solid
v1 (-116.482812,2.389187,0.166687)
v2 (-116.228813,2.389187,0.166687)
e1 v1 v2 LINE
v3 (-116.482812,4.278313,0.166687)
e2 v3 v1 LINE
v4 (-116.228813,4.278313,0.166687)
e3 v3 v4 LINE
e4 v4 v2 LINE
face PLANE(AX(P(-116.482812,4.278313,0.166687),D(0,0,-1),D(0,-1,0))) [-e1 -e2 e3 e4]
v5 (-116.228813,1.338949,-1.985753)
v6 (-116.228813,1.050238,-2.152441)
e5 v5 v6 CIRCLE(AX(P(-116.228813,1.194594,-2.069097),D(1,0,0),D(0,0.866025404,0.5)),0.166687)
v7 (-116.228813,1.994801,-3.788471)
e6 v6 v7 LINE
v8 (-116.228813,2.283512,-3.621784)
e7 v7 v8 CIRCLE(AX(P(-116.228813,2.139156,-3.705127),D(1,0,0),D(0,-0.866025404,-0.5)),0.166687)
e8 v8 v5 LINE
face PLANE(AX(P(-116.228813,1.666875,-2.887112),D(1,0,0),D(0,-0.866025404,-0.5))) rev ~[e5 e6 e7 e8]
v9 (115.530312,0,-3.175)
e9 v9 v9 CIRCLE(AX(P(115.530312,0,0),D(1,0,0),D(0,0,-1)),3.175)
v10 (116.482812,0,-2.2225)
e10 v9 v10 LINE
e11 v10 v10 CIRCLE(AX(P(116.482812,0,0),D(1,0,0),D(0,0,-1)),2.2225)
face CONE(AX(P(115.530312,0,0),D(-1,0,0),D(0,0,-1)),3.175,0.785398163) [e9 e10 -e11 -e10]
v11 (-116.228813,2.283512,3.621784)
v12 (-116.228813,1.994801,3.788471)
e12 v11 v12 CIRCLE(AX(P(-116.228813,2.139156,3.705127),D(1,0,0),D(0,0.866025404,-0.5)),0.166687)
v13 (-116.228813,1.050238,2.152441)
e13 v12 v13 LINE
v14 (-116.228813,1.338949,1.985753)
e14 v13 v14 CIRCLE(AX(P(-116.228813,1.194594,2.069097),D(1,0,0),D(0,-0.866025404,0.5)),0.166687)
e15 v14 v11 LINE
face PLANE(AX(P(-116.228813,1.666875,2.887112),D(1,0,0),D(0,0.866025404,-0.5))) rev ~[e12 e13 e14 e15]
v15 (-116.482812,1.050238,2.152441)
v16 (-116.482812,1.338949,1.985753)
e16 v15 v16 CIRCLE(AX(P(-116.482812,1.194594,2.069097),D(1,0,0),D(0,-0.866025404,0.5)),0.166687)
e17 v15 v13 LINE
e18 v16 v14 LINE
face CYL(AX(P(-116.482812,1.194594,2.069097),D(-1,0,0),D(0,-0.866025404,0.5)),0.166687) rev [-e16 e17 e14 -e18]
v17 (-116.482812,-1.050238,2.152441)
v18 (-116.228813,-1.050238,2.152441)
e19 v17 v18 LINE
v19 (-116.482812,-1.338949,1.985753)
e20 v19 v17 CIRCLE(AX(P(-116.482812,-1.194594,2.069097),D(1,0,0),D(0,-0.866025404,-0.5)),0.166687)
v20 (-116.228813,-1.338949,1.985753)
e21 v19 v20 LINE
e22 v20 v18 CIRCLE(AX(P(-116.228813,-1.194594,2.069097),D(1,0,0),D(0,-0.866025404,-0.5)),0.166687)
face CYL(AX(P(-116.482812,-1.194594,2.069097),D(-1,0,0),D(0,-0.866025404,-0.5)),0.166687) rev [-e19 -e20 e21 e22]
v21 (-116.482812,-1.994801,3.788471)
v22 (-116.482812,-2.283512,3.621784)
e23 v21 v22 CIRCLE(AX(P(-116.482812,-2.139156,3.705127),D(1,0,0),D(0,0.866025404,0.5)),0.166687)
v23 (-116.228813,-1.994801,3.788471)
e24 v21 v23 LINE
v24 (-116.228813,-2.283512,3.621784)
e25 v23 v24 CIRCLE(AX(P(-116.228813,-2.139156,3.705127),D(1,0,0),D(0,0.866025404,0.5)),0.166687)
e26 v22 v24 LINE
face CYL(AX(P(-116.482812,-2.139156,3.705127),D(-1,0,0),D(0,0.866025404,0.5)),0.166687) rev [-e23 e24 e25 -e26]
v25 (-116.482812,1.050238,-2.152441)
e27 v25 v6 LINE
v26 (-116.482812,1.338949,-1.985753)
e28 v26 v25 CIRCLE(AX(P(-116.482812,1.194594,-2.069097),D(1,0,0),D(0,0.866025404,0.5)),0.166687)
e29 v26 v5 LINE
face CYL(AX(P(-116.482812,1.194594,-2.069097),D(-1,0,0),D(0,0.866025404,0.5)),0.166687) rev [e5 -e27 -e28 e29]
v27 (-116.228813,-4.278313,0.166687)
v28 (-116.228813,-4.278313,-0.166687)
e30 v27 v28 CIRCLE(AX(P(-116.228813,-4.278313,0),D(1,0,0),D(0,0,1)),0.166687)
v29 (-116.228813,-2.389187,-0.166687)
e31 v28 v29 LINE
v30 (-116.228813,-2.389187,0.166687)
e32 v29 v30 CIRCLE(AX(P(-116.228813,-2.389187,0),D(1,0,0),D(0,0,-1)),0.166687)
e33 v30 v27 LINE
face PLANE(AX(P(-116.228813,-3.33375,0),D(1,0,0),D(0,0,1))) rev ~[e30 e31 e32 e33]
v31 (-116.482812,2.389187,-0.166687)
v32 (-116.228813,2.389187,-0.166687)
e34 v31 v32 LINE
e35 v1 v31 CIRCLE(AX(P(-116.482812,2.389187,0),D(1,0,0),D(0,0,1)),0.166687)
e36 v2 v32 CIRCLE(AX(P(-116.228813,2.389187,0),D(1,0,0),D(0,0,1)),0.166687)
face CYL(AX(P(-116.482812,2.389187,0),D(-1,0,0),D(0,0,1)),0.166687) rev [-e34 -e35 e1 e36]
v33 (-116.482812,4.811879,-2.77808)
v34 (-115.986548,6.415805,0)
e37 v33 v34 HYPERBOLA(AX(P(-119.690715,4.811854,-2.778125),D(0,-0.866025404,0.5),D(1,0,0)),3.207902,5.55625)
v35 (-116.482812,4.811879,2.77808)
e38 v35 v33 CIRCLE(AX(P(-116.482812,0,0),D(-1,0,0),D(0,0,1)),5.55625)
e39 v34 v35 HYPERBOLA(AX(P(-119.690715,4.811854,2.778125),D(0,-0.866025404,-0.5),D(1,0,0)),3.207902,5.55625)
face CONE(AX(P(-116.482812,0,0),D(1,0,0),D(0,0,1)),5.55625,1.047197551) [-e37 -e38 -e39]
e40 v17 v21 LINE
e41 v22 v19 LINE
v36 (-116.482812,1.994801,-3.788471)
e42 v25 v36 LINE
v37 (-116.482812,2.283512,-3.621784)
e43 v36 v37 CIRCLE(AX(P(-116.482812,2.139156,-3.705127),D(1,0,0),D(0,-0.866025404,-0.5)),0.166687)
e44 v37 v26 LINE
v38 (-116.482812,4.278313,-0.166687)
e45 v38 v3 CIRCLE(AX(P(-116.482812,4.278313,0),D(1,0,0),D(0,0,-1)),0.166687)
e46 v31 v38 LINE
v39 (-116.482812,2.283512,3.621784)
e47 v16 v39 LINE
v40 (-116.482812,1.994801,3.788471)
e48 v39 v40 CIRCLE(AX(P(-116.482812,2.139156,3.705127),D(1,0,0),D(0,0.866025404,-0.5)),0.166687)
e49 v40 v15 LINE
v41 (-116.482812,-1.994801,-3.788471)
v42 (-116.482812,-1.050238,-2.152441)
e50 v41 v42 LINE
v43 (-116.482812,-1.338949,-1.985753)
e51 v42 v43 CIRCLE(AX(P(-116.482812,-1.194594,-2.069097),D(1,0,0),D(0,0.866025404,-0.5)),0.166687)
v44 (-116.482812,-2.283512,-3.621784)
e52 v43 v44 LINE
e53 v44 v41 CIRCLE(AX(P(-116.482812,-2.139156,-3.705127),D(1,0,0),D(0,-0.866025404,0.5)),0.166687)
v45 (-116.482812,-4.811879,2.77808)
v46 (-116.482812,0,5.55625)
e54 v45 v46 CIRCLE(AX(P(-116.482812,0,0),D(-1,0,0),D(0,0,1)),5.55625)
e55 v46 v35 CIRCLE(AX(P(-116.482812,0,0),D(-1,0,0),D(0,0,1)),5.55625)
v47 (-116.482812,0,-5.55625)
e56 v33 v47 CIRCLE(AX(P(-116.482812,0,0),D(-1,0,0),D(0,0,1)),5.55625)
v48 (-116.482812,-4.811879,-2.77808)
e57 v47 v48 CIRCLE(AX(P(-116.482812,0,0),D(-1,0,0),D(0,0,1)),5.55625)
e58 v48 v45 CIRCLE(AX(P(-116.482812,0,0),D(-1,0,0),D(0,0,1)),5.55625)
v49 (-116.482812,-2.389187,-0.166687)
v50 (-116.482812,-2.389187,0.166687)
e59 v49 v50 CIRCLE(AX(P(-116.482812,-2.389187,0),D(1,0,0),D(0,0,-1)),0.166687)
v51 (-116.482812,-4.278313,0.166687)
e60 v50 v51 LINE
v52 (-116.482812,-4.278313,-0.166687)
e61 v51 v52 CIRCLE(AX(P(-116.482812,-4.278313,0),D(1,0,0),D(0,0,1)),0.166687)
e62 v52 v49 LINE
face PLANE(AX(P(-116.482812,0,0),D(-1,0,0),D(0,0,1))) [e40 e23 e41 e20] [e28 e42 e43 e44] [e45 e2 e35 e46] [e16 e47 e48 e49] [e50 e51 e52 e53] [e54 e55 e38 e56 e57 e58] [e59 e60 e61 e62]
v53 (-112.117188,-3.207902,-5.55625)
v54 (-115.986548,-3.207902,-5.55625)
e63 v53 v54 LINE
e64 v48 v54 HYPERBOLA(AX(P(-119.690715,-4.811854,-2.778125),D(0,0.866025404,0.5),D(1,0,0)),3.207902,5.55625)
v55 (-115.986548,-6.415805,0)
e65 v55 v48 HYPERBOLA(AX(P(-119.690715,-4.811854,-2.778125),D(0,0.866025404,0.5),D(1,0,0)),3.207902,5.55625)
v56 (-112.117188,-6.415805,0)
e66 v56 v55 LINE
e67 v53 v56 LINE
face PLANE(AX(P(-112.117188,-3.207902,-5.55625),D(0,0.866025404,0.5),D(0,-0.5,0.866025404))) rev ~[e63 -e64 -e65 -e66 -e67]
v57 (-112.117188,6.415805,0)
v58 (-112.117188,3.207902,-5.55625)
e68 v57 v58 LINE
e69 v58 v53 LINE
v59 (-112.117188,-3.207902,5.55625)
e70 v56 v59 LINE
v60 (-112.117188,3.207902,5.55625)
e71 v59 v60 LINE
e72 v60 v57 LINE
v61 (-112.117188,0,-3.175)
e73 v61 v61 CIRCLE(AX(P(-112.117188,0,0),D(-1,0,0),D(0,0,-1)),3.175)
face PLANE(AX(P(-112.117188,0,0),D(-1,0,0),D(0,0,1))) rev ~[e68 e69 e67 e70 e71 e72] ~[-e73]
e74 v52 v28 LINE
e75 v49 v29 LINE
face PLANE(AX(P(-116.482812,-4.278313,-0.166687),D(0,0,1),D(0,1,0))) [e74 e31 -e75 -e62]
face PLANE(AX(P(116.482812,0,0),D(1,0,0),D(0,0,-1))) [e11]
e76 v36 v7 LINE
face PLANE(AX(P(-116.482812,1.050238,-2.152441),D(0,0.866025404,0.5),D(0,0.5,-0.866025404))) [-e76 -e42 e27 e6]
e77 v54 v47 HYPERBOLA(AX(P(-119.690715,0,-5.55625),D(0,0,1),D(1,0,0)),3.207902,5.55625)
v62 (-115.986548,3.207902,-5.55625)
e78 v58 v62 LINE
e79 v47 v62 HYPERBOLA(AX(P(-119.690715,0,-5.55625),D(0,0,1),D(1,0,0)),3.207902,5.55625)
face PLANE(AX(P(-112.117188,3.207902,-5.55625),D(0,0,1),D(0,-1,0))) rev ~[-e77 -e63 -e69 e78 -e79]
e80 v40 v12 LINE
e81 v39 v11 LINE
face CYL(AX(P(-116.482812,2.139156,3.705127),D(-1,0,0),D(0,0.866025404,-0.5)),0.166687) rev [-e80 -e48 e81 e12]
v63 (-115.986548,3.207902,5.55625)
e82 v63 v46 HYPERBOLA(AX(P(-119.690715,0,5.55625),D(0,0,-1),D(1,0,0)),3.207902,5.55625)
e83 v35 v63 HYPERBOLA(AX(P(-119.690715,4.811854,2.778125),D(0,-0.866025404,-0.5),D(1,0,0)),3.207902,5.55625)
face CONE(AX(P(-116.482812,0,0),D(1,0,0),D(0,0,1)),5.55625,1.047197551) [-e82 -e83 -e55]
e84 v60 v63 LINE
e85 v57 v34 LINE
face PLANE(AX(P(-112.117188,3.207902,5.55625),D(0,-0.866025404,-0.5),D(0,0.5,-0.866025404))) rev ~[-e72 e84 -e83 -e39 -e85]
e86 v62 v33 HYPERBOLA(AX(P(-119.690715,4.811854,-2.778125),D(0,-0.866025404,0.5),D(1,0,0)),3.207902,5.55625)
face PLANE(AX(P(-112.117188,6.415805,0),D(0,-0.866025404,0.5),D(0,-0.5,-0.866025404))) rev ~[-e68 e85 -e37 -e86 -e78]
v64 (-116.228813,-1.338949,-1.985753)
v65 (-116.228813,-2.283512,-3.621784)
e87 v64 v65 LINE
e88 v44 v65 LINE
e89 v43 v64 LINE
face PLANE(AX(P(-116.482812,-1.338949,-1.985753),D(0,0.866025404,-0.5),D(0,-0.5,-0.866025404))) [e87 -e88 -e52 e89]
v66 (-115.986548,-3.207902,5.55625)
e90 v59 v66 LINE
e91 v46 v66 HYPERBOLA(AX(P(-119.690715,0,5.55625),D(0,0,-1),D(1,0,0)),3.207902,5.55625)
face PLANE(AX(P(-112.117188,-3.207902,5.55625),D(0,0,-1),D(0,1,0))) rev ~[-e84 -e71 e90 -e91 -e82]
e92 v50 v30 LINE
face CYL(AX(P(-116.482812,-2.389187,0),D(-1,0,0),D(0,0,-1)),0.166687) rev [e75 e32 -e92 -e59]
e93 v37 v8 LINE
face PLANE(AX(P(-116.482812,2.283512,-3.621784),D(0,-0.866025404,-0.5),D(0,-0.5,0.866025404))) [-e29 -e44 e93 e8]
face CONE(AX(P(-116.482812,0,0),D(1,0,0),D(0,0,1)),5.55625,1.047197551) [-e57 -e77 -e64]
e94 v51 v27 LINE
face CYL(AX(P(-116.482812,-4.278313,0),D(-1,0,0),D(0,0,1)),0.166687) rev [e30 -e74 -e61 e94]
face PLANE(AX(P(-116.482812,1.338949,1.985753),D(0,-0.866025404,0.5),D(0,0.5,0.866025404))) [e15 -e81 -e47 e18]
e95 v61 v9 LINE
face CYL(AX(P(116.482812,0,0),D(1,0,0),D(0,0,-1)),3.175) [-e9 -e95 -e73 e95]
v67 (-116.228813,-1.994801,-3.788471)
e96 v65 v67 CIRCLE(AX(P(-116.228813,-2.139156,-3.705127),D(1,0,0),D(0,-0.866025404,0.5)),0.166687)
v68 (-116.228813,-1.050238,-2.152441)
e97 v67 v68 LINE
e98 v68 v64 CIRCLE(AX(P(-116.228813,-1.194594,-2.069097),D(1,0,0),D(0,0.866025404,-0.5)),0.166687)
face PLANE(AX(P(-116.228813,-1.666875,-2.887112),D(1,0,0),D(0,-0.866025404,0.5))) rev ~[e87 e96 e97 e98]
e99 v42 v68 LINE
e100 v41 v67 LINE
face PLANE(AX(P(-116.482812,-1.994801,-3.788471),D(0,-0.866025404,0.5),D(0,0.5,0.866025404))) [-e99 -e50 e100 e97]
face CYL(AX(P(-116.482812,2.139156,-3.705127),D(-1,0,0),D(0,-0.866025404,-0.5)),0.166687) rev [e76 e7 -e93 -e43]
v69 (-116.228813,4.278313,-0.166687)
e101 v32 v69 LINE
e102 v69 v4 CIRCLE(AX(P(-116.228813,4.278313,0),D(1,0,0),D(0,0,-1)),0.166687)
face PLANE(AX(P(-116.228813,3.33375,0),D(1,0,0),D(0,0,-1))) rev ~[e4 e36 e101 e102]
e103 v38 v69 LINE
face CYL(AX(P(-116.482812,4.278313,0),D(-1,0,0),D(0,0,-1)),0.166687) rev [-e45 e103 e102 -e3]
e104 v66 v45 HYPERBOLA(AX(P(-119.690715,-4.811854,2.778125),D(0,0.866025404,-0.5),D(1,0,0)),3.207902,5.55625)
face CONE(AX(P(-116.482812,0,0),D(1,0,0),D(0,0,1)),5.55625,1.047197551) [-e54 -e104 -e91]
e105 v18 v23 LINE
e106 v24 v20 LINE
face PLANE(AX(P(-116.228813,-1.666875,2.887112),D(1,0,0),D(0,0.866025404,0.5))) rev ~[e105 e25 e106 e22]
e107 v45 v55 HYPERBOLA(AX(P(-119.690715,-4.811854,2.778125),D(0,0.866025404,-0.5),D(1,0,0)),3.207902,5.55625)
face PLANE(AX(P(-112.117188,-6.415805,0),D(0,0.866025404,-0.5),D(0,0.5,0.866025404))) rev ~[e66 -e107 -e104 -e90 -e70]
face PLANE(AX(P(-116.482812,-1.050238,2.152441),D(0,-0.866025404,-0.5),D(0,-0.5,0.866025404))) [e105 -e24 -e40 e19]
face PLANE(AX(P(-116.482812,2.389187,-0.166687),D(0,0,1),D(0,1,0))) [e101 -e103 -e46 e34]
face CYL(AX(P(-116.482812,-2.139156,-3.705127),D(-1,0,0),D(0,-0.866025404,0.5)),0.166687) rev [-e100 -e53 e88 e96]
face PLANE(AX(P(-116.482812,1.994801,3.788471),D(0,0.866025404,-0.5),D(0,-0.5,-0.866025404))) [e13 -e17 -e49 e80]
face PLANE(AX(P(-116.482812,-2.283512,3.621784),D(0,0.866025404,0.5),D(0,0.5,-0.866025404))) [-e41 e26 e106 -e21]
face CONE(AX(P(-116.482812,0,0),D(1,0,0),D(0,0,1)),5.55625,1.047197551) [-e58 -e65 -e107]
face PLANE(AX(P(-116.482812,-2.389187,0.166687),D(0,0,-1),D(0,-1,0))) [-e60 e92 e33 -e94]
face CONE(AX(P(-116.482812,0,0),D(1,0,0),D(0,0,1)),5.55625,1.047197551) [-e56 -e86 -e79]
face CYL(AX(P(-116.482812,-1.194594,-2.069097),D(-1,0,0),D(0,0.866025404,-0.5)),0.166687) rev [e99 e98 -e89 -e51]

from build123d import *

# Parameters (mm, degrees)
SKETCH5_R           = 3.175
BOSS_EXTRUDE3_DEPTH = 228.6
CHAMFER1_SIZE       = 0.9525
BOSS_EXTRUDE4_DEPTH = 4.365625
SKETCH8_OUTSIDE_W   = 870.844
SKETCH8_OUTSIDE_H   = 872.564
SKETCH8_OUTSIDE_R   = 5.55625
CUT_EXTRUDE3_DEPTH  = 234.120176943
CUT_EXTRUDE3_DRAFT  = -60
CUT_EXTRUDE4_DEPTH  = 0.254
CIRPATTERN1_COUNT   = 6


with BuildPart() as part:
    # Sketch5 → Boss-Extrude3 (new body)
    with BuildSketch(Plane(origin=(116.4828125, 0, 0), x_dir=(0, 0, -1), z_dir=(1, 0, 0))):
        Circle(SKETCH5_R)
    extrude(amount=-BOSS_EXTRUDE3_DEPTH)

    # Chamfer1
    chamfer1_edges = [part.edges().sort_by_distance(p)[0] for p in [
        (116.4828125, 0, 3.175),
    ]]
    chamfer(chamfer1_edges, length=CHAMFER1_SIZE)

    # Sketch11 → Revolve1 (revolve)
    with BuildSketch(Plane.XY):
        Polygon((-112.1171875, 3.175), (-112.1171875, 0), (94.2578125, 0), (91.0828125, 3.175), align=None)
    revolve(axis=Axis((-112.1171875, 0, 0), (1, 0, 0)))

    # Sketch6 → Boss-Extrude4 (add)
    with BuildSketch(Plane.ZY.offset(112.1171875)):
        Polygon((5.55625, 3.207902433), (0, 6.415804866), (-5.55625, 3.207902433), (-5.55625, -3.207902433), (0, -6.415804866), (5.55625, -3.207902433), align=None)
    extrude(amount=BOSS_EXTRUDE4_DEPTH)


with BuildPart() as cut_extrude3_tool:
    # Sketch8 outside → Cut-Extrude3 (with draft: the straight prism first)
    with BuildSketch(Plane.ZY.offset(116.4828125)):
        Rectangle(SKETCH8_OUTSIDE_W, SKETCH8_OUTSIDE_H)
        Circle(SKETCH8_OUTSIDE_R, mode=Mode.SUBTRACT)
    extrude(amount=-CUT_EXTRUDE3_DEPTH)
    # Cut-Extrude3: the draft: its side faces are tilted about the plane it starts from
    cut_extrude3_sides = [cut_extrude3_tool.faces().sort_by_distance(p)[0] for p in [
        (0.577275971, -436.282, 0),
        (0.577275971, 0, 435.422),
        (0.577275971, 436.282, 0),
        (0.577275971, 0, -435.422),
        (0.577275971, 0, -5.55625),
    ]]
    draft(cut_extrude3_sides, Plane.ZY.offset(116.4828125), CUT_EXTRUDE3_DRAFT)


with BuildPart() as part_1:
    add(part.part)

    # Cut-Extrude3: cut by cut_extrude3_tool
    add(cut_extrude3_tool.part, mode=Mode.SUBTRACT)

    # Sketch12 → Cut-Extrude4 (cut)
    with BuildSketch(Plane.ZY.offset(116.4828125)):
        with BuildLine():
            Line((0.1666875, 4.2783125), (0.1666875, 2.3891875))
            ThreePointArc((0.1666875, 2.3891875), (0, 2.2225), (-0.1666875, 2.3891875))
            Line((-0.1666875, 2.3891875), (-0.1666875, 4.2783125))
            ThreePointArc((-0.1666875, 4.2783125), (0, 4.445), (0.1666875, 4.2783125))
        make_face()
    cut_extrude4 = extrude(amount=-CUT_EXTRUDE4_DEPTH, mode=Mode.SUBTRACT)

    # CirPattern1: Cut-Extrude4 ×6 about axis
    cirpattern1_axis = Axis((0, 0, 0), (1, 0, 0))
    for i in range(1, CIRPATTERN1_COUNT):
        add(cut_extrude4.rotate(cirpattern1_axis, i * 360 / CIRPATTERN1_COUNT), mode=Mode.SUBTRACT)


solid = part_1.part
